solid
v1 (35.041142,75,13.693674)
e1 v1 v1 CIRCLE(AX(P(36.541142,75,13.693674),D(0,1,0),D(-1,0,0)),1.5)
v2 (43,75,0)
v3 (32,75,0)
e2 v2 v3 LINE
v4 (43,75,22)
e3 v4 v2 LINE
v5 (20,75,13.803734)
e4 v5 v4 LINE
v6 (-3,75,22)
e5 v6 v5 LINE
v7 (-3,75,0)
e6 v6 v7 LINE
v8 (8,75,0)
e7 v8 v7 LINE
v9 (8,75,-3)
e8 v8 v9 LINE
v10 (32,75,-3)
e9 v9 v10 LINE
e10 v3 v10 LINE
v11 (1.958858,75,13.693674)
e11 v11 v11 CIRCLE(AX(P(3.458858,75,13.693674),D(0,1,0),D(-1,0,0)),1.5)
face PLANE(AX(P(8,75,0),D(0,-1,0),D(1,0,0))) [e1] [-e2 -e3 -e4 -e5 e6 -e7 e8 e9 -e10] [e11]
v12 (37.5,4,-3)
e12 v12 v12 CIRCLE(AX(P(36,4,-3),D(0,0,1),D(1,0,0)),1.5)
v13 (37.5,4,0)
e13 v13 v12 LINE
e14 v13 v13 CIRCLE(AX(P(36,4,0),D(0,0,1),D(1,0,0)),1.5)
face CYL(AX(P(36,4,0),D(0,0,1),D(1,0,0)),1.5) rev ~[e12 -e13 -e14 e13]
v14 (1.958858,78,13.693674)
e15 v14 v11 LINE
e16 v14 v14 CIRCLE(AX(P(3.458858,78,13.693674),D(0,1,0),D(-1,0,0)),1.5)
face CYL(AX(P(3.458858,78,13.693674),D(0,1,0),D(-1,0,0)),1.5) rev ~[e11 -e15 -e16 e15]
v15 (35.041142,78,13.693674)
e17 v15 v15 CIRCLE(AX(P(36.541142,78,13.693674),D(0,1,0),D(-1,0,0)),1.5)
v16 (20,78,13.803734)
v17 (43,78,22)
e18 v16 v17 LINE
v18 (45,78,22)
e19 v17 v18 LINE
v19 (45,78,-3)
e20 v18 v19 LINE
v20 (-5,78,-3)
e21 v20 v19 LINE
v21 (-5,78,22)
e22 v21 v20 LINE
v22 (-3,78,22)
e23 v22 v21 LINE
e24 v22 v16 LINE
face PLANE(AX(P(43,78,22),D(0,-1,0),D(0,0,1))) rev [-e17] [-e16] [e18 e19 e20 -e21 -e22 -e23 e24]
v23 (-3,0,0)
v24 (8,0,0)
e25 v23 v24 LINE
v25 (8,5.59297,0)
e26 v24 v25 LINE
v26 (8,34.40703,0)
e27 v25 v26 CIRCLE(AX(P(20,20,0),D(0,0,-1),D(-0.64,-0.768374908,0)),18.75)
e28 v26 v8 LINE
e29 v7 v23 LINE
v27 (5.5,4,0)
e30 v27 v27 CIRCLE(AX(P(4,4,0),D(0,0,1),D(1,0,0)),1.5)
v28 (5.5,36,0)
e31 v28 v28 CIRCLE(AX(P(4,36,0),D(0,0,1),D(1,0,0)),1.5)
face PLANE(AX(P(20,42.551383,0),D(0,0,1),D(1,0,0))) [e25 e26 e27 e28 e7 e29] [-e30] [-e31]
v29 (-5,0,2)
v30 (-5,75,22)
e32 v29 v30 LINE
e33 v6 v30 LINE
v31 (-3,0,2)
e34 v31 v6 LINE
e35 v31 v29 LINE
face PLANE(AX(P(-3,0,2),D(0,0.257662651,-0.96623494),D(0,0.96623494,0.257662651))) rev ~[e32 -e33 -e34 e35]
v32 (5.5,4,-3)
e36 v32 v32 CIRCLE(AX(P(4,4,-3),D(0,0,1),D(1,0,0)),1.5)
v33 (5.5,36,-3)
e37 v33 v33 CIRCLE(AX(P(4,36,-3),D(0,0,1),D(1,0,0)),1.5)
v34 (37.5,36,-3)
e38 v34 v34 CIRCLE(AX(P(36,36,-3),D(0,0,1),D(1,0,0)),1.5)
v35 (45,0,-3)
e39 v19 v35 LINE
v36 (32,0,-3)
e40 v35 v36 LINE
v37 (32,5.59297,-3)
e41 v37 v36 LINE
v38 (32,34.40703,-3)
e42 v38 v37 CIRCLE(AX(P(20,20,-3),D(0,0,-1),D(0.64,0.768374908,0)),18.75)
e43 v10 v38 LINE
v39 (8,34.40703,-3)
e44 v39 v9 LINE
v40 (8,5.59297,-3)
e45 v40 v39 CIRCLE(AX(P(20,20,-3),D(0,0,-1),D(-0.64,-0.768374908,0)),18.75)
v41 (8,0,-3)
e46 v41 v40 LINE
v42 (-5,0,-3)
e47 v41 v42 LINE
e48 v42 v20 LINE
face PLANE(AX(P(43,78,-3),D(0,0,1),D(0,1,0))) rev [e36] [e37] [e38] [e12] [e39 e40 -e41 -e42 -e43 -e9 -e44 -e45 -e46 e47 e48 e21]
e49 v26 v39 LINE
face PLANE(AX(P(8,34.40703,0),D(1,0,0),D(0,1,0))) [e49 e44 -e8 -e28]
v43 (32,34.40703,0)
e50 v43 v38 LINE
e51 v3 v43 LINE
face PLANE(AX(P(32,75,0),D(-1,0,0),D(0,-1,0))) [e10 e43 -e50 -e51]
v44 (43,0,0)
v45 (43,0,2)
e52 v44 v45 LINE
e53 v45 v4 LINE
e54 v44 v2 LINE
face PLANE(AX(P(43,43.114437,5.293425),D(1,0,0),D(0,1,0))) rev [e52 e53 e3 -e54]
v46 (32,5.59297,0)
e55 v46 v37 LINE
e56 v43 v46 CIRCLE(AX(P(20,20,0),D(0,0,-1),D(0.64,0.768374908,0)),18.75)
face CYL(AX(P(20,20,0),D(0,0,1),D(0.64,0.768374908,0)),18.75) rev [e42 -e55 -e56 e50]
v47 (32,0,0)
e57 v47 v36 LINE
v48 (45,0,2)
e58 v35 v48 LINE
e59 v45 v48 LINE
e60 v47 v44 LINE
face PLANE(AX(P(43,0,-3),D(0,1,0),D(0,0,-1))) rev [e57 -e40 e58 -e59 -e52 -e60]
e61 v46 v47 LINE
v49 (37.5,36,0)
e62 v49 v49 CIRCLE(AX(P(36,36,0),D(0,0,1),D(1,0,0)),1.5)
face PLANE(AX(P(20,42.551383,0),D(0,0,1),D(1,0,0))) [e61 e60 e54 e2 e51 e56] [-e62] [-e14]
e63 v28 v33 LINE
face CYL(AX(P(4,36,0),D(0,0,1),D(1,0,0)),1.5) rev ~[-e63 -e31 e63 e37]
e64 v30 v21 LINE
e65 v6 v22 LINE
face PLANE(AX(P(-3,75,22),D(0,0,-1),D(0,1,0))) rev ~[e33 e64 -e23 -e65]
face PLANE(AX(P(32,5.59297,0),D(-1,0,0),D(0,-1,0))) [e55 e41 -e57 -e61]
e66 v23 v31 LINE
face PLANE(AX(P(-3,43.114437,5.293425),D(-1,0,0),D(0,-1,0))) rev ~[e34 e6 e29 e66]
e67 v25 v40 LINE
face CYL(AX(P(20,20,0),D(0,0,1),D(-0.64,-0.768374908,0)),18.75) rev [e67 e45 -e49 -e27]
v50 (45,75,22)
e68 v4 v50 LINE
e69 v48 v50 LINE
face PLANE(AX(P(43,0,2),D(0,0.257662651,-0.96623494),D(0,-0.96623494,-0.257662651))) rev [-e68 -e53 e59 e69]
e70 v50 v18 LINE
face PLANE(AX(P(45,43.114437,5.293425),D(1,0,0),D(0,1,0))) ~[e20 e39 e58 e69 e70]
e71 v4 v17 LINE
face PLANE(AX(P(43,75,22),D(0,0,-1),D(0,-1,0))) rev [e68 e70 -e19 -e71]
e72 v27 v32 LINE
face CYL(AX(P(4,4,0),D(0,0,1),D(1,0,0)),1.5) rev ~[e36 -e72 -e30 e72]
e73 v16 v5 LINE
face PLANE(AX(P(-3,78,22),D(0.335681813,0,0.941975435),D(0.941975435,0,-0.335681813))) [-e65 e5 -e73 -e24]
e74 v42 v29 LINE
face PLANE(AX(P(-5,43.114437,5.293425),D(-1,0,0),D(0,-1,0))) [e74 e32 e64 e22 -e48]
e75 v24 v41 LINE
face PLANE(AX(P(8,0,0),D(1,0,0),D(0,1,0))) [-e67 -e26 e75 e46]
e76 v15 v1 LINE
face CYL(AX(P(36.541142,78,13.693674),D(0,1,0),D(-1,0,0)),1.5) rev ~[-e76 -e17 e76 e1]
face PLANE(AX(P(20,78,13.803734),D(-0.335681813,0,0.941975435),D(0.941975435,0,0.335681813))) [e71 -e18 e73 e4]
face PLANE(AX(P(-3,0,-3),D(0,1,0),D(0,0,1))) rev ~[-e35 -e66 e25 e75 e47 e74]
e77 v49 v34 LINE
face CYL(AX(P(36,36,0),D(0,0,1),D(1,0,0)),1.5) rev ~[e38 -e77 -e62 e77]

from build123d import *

# Parameters (mm, degrees)
F0_R     = 1.5
F1_DEPTH = 3
F3_DEPTH = 2
F7_R     = 1.5
F8_DEPTH = 3


with BuildPart() as f1:
    # F0 (on Top) → F1 (new body)
    with BuildSketch(Plane.XY):
        with BuildLine():
            Line((8, 0), (8, 5.5929704658))
            ThreePointArc((8, 5.5929704658), (1.25, 20), (8, 34.4070295342))
            Line((8, 34.4070295342), (8, 75))
            Line((8, 75), (20, 75))
            Line((20, 75), (32, 75))
            Line((32, 75), (32, 34.4070295342))
            ThreePointArc((32, 34.4070295342), (38.75, 20), (32, 5.5929704658))
            Line((32, 5.5929704658), (32, 0))
            Line((32, 0), (43, 0))
            Line((43, 0), (43, 78))
            Line((43, 78), (20, 78))
            Line((20, 78), (-3, 78))
            Line((-3, 78), (-3, 0))
            Line((-3, 0), (8, 0))
        make_face()
        with Locations((4, 4)):
            Circle(F0_R, mode=Mode.SUBTRACT)
        with Locations((4, 36)):
            Circle(F0_R, mode=Mode.SUBTRACT)
        with Locations((36, 4)):
            Circle(F0_R, mode=Mode.SUBTRACT)
        with Locations((36, 36)):
            Circle(F0_R, mode=Mode.SUBTRACT)
    extrude(amount=-F1_DEPTH)

    # F2 (on face) → F3 (join)
    with BuildSketch(Plane(origin=(-3, 0, 0), x_dir=(0, -1, 0), z_dir=(-1, 0, 0))):
        Polygon((-78, -3), (0, -3), (0, 2), (-75, 22), (-78, 22), align=None)
    extrude(amount=F3_DEPTH)

    # F6: F1 across plane


with BuildPart() as f1_1:
    add(f1.part)
    add(f1.part.mirror(Plane.YZ.offset(20)))

    # F7 (on face) → F8 (join, through all)
    with BuildSketch(Plane(origin=(0, 78, 0), x_dir=(-1, 0, 0), z_dir=(0, 1, 0))):
        Polygon((-45, 22), (-45, -3), (5, -3), (5, 22), (3, 22), (-20, 13.8037335128), (-43, 22), align=None)
        with Locations((-36.5411415696, 13.6936744675)):
            Circle(F7_R, mode=Mode.SUBTRACT)
        with Locations((-3.4588584304, 13.6936744675)):
            Circle(F7_R, mode=Mode.SUBTRACT)
    extrude(amount=-F8_DEPTH)


solid = f1_1.part
